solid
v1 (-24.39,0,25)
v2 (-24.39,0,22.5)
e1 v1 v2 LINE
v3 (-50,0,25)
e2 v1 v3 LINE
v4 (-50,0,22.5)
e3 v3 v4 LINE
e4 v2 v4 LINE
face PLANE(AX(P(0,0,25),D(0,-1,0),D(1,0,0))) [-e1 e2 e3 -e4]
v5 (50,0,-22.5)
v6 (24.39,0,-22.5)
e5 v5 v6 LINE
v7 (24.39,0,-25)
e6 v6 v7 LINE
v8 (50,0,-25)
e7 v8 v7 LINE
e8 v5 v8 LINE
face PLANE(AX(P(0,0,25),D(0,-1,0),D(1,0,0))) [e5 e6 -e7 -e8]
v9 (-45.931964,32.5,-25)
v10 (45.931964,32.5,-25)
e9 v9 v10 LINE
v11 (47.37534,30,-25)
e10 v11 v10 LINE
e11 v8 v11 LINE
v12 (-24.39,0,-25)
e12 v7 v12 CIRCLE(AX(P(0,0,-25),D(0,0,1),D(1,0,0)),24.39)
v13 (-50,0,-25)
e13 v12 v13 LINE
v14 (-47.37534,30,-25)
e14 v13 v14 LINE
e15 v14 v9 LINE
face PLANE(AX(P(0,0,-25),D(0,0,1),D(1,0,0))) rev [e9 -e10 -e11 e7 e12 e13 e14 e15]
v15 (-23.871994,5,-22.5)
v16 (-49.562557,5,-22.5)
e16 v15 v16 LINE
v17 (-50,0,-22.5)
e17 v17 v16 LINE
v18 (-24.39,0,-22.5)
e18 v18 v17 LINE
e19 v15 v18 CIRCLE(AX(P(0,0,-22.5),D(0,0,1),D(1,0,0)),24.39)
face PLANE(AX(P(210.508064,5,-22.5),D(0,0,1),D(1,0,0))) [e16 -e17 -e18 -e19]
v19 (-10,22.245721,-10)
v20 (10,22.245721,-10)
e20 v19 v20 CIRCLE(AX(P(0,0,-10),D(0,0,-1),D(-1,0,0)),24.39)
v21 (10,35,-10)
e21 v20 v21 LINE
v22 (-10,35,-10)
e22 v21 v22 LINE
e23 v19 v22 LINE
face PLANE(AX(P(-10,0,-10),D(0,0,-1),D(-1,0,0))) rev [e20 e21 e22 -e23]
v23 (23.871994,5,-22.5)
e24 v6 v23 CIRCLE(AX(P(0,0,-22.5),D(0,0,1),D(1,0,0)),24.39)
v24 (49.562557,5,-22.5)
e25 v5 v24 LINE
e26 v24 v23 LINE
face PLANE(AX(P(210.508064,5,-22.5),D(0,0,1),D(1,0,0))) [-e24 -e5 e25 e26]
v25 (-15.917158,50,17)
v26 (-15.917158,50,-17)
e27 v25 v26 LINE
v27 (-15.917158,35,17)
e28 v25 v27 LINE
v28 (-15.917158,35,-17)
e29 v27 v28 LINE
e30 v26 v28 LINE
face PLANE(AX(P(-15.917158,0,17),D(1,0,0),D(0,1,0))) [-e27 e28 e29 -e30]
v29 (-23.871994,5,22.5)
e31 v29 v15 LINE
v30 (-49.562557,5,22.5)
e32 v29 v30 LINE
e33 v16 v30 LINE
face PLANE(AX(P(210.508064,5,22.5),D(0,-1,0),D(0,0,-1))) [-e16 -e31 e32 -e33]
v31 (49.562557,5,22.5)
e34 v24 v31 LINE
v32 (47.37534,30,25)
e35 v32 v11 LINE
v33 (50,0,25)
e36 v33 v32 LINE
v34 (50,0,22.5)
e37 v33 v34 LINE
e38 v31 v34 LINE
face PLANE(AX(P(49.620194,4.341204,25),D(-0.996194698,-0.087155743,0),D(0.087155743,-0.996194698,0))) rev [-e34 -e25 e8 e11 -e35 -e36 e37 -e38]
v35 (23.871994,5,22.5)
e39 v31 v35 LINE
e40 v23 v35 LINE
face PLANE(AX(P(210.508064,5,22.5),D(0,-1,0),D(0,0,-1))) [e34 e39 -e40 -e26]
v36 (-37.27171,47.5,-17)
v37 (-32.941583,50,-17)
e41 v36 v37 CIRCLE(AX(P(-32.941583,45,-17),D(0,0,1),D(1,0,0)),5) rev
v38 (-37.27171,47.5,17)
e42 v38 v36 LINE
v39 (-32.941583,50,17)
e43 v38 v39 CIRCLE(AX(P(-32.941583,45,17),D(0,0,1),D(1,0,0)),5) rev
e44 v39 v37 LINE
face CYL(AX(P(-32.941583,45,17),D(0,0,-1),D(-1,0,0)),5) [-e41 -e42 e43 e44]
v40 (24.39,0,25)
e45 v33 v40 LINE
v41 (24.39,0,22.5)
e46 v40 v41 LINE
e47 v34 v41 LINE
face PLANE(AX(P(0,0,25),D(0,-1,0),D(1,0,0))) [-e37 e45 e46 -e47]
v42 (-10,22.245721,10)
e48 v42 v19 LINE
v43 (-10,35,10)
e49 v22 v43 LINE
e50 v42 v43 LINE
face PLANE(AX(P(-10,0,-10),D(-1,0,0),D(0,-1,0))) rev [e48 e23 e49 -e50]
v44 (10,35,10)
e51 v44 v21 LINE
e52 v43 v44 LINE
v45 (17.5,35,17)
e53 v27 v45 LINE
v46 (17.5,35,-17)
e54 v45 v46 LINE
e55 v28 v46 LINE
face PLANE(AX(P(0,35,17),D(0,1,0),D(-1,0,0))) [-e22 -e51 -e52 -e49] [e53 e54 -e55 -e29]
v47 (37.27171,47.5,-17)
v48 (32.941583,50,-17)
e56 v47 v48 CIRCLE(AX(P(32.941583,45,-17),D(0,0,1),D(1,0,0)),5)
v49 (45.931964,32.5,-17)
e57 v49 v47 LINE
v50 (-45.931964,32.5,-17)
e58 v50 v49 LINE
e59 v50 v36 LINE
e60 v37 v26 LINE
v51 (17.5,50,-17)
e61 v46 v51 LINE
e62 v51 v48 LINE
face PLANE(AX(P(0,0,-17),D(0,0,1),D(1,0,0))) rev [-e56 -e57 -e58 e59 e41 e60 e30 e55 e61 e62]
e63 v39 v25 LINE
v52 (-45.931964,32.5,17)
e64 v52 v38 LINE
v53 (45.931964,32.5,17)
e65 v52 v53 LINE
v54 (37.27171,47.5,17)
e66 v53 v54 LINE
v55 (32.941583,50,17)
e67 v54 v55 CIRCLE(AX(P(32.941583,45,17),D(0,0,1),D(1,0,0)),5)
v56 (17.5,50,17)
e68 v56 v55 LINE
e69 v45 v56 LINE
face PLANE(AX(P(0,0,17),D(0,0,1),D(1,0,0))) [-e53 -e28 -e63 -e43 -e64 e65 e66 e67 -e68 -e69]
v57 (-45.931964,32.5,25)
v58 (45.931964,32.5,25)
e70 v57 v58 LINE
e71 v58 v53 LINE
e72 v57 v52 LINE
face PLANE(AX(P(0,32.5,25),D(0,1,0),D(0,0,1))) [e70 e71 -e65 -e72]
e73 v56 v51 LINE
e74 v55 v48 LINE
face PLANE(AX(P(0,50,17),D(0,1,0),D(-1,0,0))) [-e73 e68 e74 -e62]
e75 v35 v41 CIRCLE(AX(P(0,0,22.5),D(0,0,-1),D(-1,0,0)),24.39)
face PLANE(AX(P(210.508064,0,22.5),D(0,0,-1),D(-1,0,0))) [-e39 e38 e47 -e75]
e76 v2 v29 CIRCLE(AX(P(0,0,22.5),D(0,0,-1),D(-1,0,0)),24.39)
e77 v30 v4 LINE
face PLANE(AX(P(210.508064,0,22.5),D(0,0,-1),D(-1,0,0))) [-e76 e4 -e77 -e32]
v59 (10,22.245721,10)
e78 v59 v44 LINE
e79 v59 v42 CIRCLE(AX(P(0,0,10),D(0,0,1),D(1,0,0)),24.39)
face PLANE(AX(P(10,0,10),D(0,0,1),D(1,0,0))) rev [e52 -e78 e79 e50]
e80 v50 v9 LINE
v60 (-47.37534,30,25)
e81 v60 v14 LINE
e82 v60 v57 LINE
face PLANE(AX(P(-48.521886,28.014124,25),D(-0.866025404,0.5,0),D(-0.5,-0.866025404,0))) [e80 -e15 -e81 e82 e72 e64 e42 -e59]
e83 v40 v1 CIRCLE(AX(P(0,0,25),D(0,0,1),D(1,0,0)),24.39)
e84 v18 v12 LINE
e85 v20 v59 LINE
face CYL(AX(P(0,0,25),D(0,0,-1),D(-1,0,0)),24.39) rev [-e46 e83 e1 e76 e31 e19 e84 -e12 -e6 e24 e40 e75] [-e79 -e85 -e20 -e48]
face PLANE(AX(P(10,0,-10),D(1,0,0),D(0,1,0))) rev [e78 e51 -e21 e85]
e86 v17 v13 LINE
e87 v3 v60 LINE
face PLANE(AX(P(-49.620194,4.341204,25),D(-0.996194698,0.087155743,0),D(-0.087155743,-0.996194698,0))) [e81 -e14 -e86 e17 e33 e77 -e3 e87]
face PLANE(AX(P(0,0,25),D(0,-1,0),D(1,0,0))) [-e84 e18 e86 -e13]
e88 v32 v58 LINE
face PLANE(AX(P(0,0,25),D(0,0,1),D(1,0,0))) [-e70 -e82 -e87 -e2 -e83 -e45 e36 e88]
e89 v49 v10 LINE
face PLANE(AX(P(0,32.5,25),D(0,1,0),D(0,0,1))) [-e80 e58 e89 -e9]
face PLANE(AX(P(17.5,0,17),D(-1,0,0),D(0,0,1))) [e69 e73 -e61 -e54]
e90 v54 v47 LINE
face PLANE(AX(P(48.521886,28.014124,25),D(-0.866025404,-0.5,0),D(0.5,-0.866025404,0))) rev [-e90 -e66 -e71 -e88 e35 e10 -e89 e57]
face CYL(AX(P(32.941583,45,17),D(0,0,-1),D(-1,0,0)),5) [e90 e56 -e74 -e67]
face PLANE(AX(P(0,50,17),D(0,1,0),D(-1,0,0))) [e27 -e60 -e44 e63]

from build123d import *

# Parameters (mm, degrees)
BOSS_EXTRUDE2_DEPTH     = 25
BOSS_EXTRUDE3_DEPTH     = 17
SKETCH3_W               = 20
SKETCH3_H               = 20
CUT_EXTRUDE1_DEPTH      = 16
CUT_EXTRUDE1_DEPTH_BACK = 36
CUT_EXTRUDE2_DEPTH      = 51
CUT_EXTRUDE2_DEPTH_BACK = 51


with BuildPart() as part:
    # Sketch1 → Boss-Extrude2 (new body, symmetric)
    with BuildSketch(Plane.XY):
        with BuildLine():
            Line((-50, 0), (-24.39, 0))
            ThreePointArc((-24.39, 0), (0, 24.39), (24.39, 0))
            Line((24.39, 0), (50, 0))
            Line((50, 0), (47.375340094, 30))
            Line((47.375340094, 30), (45.931964421, 32.5))
            Line((45.931964421, 32.5), (-45.931964421, 32.5))
            Line((-45.931964421, 32.5), (-47.375340094, 30))
            Line((-47.375340094, 30), (-50, 0))
        make_face()
    extrude(amount=BOSS_EXTRUDE2_DEPTH, both=True)

    # Sketch1<7> → Boss-Extrude3 (add, symmetric)
    with BuildSketch(Plane.XY):
        with BuildLine():
            Line((-37.271710383, 47.5), (-45.931964421, 32.5))
            Line((-45.931964421, 32.5), (45.931964421, 32.5))
            Line((45.931964421, 32.5), (37.271710383, 47.5))
            ThreePointArc((37.271710383, 47.5), (35.441583364, 49.330127019), (32.941583364, 50))
            Line((32.941583364, 50), (17.5, 50))
            Line((17.5, 50), (17.5, 35))
            Line((17.5, 35), (-15.917158097, 35))
            Line((-15.917158097, 35), (-15.917158097, 50))
            Line((-15.917158097, 50), (-32.941583364, 50))
            ThreePointArc((-32.941583364, 50), (-35.441583364, 49.330127019), (-37.271710383, 47.5))
        make_face()
    extrude(amount=BOSS_EXTRUDE3_DEPTH, both=True)

    # Sketch3 → Cut-Extrude1 (cut, two sides)
    with BuildSketch(Plane(origin=(0, 35, 0), x_dir=(1, 0, 0), z_dir=(0, 1, 0))) as cut_extrude1_sk:
        Rectangle(SKETCH3_W, SKETCH3_H)
    extrude(amount=CUT_EXTRUDE1_DEPTH, mode=Mode.SUBTRACT)
    extrude(cut_extrude1_sk.sketch, amount=-CUT_EXTRUDE1_DEPTH_BACK, mode=Mode.SUBTRACT)

    # Sketch5 → Cut-Extrude2 (cut, two sides)
    with BuildSketch(Plane(origin=(0, 0, 0), x_dir=(0, 0, -1), z_dir=(1, 0, 0))) as cut_extrude2_sk:
        Polygon((-176.421356237, 0), (-25, 0), (-22.5, 0), (-22.5, 5), (22.5, 5), (22.5, 0), (25, 0), (176.421356237, 0), (176.421356237, -302.842712475), (-176.421356237, -302.842712475), align=None)
    extrude(amount=CUT_EXTRUDE2_DEPTH, mode=Mode.SUBTRACT)
    extrude(cut_extrude2_sk.sketch, amount=-CUT_EXTRUDE2_DEPTH_BACK, mode=Mode.SUBTRACT)


solid = part.part
